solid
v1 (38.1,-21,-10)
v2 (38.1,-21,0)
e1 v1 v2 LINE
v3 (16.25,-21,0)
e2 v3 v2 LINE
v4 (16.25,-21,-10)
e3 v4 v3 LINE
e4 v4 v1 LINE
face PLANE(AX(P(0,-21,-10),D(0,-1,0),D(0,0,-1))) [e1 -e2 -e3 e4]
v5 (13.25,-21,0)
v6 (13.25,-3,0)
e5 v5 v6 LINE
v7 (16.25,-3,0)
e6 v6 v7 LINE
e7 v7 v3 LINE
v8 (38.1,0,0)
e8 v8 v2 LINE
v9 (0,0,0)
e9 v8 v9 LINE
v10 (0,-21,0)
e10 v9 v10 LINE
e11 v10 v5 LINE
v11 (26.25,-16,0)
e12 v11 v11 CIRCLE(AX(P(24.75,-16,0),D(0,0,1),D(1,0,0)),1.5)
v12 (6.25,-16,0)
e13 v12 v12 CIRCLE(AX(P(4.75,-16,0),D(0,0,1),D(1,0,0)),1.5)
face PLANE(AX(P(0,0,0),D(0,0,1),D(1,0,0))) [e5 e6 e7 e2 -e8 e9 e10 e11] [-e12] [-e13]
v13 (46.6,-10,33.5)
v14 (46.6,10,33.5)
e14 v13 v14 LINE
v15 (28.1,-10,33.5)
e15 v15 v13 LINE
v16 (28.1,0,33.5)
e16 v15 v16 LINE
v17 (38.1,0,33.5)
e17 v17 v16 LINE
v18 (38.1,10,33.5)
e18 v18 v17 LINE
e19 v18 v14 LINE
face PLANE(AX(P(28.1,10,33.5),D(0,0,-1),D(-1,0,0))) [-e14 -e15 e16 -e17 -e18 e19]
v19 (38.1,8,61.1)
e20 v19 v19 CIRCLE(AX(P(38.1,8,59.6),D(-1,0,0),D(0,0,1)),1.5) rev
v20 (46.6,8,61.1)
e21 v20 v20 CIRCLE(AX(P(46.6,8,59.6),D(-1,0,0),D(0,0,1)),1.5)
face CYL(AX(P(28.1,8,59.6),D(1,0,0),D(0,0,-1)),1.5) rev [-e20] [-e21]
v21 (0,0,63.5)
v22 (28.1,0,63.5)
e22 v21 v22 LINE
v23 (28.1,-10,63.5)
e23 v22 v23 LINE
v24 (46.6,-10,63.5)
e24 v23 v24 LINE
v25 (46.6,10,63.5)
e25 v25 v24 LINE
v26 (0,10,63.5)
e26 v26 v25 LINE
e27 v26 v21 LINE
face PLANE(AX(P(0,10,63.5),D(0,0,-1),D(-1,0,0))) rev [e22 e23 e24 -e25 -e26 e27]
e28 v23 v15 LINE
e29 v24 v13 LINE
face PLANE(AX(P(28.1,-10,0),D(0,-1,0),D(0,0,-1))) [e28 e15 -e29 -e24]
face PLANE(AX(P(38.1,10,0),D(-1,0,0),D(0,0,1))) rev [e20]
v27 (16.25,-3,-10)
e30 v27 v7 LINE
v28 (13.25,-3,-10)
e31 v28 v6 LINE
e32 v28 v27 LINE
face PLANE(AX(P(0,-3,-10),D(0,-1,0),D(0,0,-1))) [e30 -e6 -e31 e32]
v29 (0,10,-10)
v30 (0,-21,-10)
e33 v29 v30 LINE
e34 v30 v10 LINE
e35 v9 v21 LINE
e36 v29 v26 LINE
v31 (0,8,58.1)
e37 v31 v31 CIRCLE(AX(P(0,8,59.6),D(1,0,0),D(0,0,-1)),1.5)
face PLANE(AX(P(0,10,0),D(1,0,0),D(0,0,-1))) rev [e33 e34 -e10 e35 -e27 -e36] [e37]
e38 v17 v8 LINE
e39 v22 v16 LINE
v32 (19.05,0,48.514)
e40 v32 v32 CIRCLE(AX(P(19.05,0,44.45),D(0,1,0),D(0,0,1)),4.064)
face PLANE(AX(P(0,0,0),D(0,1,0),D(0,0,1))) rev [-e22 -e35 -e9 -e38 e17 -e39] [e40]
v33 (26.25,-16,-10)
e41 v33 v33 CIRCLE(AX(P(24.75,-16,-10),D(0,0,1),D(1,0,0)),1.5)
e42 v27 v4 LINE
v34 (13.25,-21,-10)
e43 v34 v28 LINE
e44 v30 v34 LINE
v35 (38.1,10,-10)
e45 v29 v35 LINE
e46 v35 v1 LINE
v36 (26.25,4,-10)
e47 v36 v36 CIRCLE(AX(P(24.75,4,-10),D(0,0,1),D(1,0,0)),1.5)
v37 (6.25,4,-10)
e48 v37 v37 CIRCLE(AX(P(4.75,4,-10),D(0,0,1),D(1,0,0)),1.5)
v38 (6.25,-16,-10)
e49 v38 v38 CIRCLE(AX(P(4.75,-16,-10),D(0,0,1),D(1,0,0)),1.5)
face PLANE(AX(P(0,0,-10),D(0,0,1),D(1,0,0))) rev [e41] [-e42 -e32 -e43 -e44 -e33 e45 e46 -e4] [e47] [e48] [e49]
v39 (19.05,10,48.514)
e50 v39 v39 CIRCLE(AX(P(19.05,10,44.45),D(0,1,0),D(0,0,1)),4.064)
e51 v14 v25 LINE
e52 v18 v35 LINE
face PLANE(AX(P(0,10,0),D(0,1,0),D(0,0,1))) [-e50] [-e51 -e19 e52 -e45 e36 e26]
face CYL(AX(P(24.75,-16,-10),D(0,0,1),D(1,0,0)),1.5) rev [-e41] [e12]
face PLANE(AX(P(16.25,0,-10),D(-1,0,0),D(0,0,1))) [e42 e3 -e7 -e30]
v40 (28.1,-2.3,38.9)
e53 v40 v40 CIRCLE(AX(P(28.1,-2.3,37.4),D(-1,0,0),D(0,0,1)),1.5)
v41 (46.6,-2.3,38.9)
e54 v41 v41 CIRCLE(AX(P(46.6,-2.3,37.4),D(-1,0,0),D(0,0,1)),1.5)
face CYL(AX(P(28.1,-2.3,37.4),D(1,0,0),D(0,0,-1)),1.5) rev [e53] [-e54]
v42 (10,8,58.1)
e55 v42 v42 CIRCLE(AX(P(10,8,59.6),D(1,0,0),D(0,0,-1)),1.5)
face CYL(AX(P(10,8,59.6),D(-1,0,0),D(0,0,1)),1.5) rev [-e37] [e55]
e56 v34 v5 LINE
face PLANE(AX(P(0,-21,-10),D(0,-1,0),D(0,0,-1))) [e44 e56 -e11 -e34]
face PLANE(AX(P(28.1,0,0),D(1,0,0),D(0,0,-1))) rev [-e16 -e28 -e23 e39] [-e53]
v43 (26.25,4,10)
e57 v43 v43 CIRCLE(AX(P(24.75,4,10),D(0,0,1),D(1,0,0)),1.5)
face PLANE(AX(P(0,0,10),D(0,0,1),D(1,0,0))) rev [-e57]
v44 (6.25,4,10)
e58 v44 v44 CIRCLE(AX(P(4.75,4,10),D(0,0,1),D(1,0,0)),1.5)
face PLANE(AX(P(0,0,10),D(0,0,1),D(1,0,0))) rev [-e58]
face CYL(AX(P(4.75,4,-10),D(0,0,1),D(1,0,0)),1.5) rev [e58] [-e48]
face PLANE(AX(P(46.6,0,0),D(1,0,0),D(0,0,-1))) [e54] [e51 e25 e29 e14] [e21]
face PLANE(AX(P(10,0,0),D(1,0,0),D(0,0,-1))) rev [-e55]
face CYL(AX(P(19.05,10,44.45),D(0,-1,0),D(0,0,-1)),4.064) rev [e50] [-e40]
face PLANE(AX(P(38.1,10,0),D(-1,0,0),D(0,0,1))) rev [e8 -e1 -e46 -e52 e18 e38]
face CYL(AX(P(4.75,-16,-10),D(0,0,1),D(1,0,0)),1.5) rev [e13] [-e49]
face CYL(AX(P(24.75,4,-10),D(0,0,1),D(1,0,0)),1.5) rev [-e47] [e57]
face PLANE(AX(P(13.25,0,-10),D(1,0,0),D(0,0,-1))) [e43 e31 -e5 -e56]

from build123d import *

# Parameters (mm, degrees)
SKETCH1_W                = 38.1
SKETCH1_H                = 63.5
SKETCH1_R                = 4.064
BOSS_EXTRUDE1_DEPTH      = 10
BOSS_EXTRUDE2_DEPTH      = 8.5
BOSS_EXTRUDE2_DEPTH_BACK = 10
BOSS_EXTRUDE2_START      = 38.1
SKETCH2_R                = 1.5
SKETCH3_R                = 1.5
BOSS_EXTRUDE3_DEPTH      = 10
SKETCH2_2_R              = 1.5
CUT_EXTRUDE1_DEPTH       = 10
CUT_EXTRUDE2_START       = 10
SKETCH3_2_R              = 1.5
CUT_EXTRUDE2_DEPTH       = 10


with BuildPart() as part:
    # Sketch1 → Boss-Extrude1 (new body)
    with BuildSketch(Plane(origin=(0, 0, 0), x_dir=(1, 0, 0), z_dir=(0, 1, 0))):
        with Locations((19.05, -31.75)):
            Rectangle(SKETCH1_W, SKETCH1_H)
        with Locations(Location((19.05, -44.45, 0), (0, 0, 270))):
            Circle(SKETCH1_R, mode=Mode.SUBTRACT)
    extrude(amount=BOSS_EXTRUDE1_DEPTH)

    # Sketch2 → Boss-Extrude2 (add, two sides: drawn at the far end of the back side and taken through both)
    with BuildSketch(Plane(origin=(0, 0, 0), x_dir=(0, 0, -1), z_dir=(1, 0, 0)).offset(BOSS_EXTRUDE2_START - BOSS_EXTRUDE2_DEPTH_BACK)):
        Polygon((-33.5, 0), (-33.5, -10), (-63.5, -10), (-63.5, 0), (-63.5, 10), (-33.5, 10), align=None)
        with Locations(Location((-59.6, 8, 0), (0, 0, 180))):
            Circle(SKETCH2_R, mode=Mode.SUBTRACT)
        with Locations(Location((-37.4, -2.3, 0), (0, 0, 180))):
            Circle(SKETCH2_R, mode=Mode.SUBTRACT)
    extrude(amount=BOSS_EXTRUDE2_DEPTH + BOSS_EXTRUDE2_DEPTH_BACK)

    # Sketch3 → Boss-Extrude3 (add)
    with BuildSketch(Plane.XY):
        Polygon((13.25, -21), (13.25, -3), (16.25, -3), (16.25, -21), (38.1, -21), (38.1, 10), (0, 10), (0, -21), align=None)
        with Locations((4.75, -16)):
            Circle(SKETCH3_R, mode=Mode.SUBTRACT)
        with Locations((24.75, -16)):
            Circle(SKETCH3_R, mode=Mode.SUBTRACT)
        with Locations((4.75, 4)):
            Circle(SKETCH3_R, mode=Mode.SUBTRACT)
        with Locations((24.75, 4)):
            Circle(SKETCH3_R, mode=Mode.SUBTRACT)
    extrude(amount=-BOSS_EXTRUDE3_DEPTH)

    # Sketch2<2> → Cut-Extrude1 (cut)
    with BuildSketch(Plane(origin=(0, 0, 0), x_dir=(0, 0, -1), z_dir=(1, 0, 0))):
        with Locations(Location((-59.6, 8, 0), (0, 0, 180))):
            Circle(SKETCH2_2_R)
    extrude(amount=CUT_EXTRUDE1_DEPTH, mode=Mode.SUBTRACT)

    # Sketch3<2> → Cut-Extrude2 (cut)
    with BuildSketch(Plane.XY.offset(CUT_EXTRUDE2_START)):
        with Locations((24.75, 4)):
            Circle(SKETCH3_2_R)
        with Locations((4.75, 4)):
            Circle(SKETCH3_2_R)
    extrude(amount=-CUT_EXTRUDE2_DEPTH, mode=Mode.SUBTRACT)


solid = part.part
